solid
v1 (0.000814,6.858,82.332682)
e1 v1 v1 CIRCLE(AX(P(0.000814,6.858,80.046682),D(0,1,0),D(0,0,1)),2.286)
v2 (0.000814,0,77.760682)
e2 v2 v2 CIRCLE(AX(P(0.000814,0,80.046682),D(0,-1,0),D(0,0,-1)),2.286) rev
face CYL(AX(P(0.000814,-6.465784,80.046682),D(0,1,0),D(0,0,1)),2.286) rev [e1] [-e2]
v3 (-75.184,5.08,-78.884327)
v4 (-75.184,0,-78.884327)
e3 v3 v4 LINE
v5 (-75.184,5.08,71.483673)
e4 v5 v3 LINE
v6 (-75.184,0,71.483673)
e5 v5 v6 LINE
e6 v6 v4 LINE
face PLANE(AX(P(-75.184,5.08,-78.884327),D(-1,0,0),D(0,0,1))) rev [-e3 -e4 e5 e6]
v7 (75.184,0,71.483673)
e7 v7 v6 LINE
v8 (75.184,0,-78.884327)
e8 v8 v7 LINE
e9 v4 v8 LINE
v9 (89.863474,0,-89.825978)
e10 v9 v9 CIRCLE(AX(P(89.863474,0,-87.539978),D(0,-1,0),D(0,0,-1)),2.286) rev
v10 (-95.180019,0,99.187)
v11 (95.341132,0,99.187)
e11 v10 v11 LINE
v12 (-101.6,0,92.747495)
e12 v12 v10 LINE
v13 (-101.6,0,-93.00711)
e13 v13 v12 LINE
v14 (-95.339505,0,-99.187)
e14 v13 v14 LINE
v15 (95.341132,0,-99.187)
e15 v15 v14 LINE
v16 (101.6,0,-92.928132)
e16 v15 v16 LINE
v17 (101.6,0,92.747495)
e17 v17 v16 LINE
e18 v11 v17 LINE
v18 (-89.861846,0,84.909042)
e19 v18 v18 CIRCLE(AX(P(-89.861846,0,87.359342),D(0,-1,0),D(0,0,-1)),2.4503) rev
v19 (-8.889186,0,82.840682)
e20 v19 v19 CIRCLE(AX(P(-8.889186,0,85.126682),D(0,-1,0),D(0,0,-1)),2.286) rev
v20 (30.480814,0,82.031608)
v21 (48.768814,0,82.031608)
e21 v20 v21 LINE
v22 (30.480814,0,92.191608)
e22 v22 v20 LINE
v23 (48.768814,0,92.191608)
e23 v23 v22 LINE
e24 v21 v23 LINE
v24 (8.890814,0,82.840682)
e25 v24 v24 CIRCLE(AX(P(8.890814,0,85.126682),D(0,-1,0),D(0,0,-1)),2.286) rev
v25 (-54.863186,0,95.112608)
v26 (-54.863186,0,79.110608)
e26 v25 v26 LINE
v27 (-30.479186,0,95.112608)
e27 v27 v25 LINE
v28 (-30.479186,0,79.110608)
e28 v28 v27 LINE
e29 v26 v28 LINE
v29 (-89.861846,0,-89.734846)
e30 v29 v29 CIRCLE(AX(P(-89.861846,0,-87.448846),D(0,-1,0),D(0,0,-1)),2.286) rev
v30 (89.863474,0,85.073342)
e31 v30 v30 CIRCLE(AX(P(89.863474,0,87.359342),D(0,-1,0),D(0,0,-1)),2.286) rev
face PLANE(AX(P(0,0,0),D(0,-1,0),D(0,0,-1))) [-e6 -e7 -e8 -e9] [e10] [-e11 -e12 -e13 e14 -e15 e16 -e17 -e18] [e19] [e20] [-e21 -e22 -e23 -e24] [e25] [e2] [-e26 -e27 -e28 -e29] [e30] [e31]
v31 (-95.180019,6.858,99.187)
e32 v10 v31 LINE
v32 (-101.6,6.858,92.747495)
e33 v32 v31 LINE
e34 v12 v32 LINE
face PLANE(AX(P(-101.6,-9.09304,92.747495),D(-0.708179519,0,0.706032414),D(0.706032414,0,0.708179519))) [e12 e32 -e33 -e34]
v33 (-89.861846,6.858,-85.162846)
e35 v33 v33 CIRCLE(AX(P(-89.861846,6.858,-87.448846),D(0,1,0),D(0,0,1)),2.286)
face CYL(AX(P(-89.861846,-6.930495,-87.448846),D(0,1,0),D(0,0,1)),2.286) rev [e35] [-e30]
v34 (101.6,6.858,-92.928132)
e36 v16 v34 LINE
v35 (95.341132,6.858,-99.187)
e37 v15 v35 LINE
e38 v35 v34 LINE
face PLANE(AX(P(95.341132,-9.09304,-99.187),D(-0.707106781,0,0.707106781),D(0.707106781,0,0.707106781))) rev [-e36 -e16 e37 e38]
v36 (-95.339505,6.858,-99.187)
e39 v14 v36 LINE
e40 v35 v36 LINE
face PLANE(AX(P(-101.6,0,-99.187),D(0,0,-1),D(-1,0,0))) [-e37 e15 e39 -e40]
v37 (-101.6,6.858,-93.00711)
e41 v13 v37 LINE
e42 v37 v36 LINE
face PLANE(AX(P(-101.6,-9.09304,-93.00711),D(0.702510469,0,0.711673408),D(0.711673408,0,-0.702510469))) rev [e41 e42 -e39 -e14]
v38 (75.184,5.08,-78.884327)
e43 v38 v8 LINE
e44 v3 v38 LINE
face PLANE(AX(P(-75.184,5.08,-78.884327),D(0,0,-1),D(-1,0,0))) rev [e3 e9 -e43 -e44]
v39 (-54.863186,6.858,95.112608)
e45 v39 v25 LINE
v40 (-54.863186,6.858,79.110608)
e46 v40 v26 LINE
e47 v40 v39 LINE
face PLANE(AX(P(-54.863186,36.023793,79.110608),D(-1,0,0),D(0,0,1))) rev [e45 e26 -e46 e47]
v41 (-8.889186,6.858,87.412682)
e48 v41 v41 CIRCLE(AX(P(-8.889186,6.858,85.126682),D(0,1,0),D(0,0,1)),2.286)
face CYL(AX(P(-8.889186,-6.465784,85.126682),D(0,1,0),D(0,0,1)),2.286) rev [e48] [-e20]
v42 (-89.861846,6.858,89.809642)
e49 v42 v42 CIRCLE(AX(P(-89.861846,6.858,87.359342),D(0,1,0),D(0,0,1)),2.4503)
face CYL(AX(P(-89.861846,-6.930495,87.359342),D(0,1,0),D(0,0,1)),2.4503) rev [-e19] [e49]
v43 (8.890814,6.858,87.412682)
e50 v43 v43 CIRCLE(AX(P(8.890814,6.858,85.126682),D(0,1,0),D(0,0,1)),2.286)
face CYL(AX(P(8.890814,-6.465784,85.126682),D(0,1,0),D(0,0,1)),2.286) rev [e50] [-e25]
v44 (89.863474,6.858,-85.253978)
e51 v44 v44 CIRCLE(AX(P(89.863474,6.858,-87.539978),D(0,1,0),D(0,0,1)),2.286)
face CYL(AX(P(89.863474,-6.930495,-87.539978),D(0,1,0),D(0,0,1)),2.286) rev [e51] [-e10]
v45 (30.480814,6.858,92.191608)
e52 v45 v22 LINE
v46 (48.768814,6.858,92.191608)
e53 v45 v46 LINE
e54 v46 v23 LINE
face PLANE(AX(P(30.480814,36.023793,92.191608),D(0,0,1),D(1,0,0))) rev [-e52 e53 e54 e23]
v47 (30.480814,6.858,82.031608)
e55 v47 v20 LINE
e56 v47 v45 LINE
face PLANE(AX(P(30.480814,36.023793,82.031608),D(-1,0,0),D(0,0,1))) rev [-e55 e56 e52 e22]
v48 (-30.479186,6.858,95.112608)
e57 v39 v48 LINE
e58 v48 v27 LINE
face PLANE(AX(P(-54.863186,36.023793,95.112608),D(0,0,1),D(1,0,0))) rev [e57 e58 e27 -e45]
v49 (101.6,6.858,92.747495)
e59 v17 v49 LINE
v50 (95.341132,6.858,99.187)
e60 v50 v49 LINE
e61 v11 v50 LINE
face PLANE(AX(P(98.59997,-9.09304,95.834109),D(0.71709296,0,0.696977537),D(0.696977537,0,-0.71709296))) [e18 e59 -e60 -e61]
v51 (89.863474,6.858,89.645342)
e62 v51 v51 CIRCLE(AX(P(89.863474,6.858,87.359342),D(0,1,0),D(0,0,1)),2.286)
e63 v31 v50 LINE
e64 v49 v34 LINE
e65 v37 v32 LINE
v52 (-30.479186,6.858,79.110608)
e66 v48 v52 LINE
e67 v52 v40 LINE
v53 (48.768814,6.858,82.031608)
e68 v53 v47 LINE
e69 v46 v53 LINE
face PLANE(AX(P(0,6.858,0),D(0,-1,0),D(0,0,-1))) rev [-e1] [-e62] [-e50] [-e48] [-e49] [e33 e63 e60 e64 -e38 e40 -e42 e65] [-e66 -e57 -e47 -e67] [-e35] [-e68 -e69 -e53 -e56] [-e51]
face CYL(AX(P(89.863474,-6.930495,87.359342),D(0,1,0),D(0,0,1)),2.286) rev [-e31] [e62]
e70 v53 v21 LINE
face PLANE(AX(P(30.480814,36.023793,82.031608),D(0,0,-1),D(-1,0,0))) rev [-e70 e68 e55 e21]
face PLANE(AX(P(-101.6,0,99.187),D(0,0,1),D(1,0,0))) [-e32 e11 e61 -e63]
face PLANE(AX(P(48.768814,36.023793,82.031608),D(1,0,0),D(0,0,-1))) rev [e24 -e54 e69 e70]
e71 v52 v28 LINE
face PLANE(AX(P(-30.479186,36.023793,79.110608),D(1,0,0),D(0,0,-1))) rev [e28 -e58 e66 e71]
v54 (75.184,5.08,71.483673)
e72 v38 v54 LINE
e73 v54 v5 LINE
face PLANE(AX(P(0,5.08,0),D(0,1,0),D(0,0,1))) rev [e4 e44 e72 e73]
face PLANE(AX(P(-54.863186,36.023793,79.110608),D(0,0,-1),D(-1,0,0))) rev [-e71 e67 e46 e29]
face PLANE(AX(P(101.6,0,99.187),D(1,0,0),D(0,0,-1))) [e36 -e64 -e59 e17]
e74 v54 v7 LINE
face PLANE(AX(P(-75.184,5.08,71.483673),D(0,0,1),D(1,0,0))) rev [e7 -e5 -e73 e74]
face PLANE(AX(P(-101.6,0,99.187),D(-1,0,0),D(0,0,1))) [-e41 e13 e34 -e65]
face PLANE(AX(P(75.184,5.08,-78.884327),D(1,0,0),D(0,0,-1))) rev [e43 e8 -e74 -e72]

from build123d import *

# Parameters (mm, degrees)
SKETCH1_W           = 150.368
SKETCH1_H           = 150.368
BOSS_EXTRUDE1_DEPTH = 6.858
SKETCH2_W           = 203.2
SKETCH2_H           = 198.374
BOSS_EXTRUDE2_DEPTH = 6.858
SKETCH5_R           = 2.286
CUT_EXTRUDE2_DEPTH  = 6.858
SKETCH6_W           = 18.288
SKETCH6_H           = 10.16
SKETCH6_W_2         = 24.384
SKETCH6_H_2         = 16.002
CUT_EXTRUDE3_DEPTH  = 6.858
SKETCH8_R           = 2.45030007
SKETCH8_R_2         = 2.286
CUT_EXTRUDE8_DEPTH  = 6.858
CUT_EXTRUDE10_DEPTH = 6.858
SKETCH9_W           = 150.368
SKETCH9_H           = 150.368
CUT_EXTRUDE11_DEPTH = 5.08
SKETCH4_R           = 2.286
CUT_EXTRUDE12_DEPTH = 6.858


with BuildPart() as part:
    # Sketch1 → Boss-Extrude1 (new body)
    with BuildSketch(Plane(origin=(0, 0, 0), x_dir=(1, 0, 0), z_dir=(0, 1, 0))):
        Rectangle(SKETCH1_W, SKETCH1_H)
    extrude(amount=BOSS_EXTRUDE1_DEPTH)

    # Sketch2 → Boss-Extrude2 (add)
    with BuildSketch(Plane(origin=(0, 6.858, 0), x_dir=(1, 0, 0), z_dir=(0, 1, 0))):
        Rectangle(SKETCH2_W, SKETCH2_H)
    extrude(amount=-BOSS_EXTRUDE2_DEPTH)

    # Sketch5 → Cut-Extrude2 (cut)
    with BuildSketch(Plane(origin=(0, 6.858, 0), x_dir=(1, 0, 0), z_dir=(0, 1, 0))):
        with Locations((-8.889186327, -85.126681614)):
            Circle(SKETCH5_R)
        with Locations((8.890813673, -85.126681614)):
            Circle(SKETCH5_R)
    extrude(amount=-CUT_EXTRUDE2_DEPTH, mode=Mode.SUBTRACT)

    # Sketch6 → Cut-Extrude3 (cut)
    with BuildSketch(Plane(origin=(0, 0, 0), x_dir=(-1, 0, 0), z_dir=(0, -1, 0))):
        with Locations((-39.624813673, -87.111607671)):
            Rectangle(SKETCH6_W, SKETCH6_H)
        with Locations((42.671186327, -87.111607671)):
            Rectangle(SKETCH6_W_2, SKETCH6_H_2)
    extrude(amount=-CUT_EXTRUDE3_DEPTH, mode=Mode.SUBTRACT)

    # Sketch8 → Cut-Extrude8 (cut)
    with BuildSketch(Plane(origin=(0, 6.858, 0), x_dir=(1, 0, 0), z_dir=(0, 1, 0))):
        with Locations((-89.861846327, -87.359341614)):
            Circle(SKETCH8_R)
        with Locations((89.863473673, -87.359341614)):
            Circle(SKETCH8_R_2)
        with Locations((89.863473673, 87.539978386)):
            Circle(SKETCH8_R_2)
        with Locations((-89.861846327, 87.448846327)):
            Circle(SKETCH8_R_2)
    extrude(amount=-CUT_EXTRUDE8_DEPTH, mode=Mode.SUBTRACT)

    # Sketch7 → Cut-Extrude10 (cut)
    with BuildSketch(Plane(origin=(0, 6.858, 0), x_dir=(1, 0, 0), z_dir=(0, 1, 0))):
        Polygon((101.6, -99.187), (101.6, -92.747495287), (95.341132059, -99.187), align=None)
        Polygon((-95.339504713, 99.187), (-101.6, 99.187), (-101.6, 93.007109855), align=None)
        Polygon((101.6, 92.928132059), (101.6, 99.187), (95.341132059, 99.187), align=None)
        Polygon((-101.6, -92.747495287), (-95.180018996, -99.187), (-101.6, -99.187), align=None)
    extrude(amount=-CUT_EXTRUDE10_DEPTH, mode=Mode.SUBTRACT)

    # Sketch9 → Cut-Extrude11 (cut)
    with BuildSketch(Plane(origin=(0, 0, 0), x_dir=(-1, 0, 0), z_dir=(0, -1, 0))):
        with Locations((0, 3.700326738)):
            Rectangle(SKETCH9_W, SKETCH9_H)
    extrude(amount=-CUT_EXTRUDE11_DEPTH, mode=Mode.SUBTRACT)

    # Sketch4 → Cut-Extrude12 (cut)
    with BuildSketch(Plane(origin=(0, 6.858, 0), x_dir=(1, 0, 0), z_dir=(0, 1, 0))):
        with Locations((0.000813673, -80.046681614)):
            Circle(SKETCH4_R)
    extrude(amount=-CUT_EXTRUDE12_DEPTH, mode=Mode.SUBTRACT)


solid = part.part
